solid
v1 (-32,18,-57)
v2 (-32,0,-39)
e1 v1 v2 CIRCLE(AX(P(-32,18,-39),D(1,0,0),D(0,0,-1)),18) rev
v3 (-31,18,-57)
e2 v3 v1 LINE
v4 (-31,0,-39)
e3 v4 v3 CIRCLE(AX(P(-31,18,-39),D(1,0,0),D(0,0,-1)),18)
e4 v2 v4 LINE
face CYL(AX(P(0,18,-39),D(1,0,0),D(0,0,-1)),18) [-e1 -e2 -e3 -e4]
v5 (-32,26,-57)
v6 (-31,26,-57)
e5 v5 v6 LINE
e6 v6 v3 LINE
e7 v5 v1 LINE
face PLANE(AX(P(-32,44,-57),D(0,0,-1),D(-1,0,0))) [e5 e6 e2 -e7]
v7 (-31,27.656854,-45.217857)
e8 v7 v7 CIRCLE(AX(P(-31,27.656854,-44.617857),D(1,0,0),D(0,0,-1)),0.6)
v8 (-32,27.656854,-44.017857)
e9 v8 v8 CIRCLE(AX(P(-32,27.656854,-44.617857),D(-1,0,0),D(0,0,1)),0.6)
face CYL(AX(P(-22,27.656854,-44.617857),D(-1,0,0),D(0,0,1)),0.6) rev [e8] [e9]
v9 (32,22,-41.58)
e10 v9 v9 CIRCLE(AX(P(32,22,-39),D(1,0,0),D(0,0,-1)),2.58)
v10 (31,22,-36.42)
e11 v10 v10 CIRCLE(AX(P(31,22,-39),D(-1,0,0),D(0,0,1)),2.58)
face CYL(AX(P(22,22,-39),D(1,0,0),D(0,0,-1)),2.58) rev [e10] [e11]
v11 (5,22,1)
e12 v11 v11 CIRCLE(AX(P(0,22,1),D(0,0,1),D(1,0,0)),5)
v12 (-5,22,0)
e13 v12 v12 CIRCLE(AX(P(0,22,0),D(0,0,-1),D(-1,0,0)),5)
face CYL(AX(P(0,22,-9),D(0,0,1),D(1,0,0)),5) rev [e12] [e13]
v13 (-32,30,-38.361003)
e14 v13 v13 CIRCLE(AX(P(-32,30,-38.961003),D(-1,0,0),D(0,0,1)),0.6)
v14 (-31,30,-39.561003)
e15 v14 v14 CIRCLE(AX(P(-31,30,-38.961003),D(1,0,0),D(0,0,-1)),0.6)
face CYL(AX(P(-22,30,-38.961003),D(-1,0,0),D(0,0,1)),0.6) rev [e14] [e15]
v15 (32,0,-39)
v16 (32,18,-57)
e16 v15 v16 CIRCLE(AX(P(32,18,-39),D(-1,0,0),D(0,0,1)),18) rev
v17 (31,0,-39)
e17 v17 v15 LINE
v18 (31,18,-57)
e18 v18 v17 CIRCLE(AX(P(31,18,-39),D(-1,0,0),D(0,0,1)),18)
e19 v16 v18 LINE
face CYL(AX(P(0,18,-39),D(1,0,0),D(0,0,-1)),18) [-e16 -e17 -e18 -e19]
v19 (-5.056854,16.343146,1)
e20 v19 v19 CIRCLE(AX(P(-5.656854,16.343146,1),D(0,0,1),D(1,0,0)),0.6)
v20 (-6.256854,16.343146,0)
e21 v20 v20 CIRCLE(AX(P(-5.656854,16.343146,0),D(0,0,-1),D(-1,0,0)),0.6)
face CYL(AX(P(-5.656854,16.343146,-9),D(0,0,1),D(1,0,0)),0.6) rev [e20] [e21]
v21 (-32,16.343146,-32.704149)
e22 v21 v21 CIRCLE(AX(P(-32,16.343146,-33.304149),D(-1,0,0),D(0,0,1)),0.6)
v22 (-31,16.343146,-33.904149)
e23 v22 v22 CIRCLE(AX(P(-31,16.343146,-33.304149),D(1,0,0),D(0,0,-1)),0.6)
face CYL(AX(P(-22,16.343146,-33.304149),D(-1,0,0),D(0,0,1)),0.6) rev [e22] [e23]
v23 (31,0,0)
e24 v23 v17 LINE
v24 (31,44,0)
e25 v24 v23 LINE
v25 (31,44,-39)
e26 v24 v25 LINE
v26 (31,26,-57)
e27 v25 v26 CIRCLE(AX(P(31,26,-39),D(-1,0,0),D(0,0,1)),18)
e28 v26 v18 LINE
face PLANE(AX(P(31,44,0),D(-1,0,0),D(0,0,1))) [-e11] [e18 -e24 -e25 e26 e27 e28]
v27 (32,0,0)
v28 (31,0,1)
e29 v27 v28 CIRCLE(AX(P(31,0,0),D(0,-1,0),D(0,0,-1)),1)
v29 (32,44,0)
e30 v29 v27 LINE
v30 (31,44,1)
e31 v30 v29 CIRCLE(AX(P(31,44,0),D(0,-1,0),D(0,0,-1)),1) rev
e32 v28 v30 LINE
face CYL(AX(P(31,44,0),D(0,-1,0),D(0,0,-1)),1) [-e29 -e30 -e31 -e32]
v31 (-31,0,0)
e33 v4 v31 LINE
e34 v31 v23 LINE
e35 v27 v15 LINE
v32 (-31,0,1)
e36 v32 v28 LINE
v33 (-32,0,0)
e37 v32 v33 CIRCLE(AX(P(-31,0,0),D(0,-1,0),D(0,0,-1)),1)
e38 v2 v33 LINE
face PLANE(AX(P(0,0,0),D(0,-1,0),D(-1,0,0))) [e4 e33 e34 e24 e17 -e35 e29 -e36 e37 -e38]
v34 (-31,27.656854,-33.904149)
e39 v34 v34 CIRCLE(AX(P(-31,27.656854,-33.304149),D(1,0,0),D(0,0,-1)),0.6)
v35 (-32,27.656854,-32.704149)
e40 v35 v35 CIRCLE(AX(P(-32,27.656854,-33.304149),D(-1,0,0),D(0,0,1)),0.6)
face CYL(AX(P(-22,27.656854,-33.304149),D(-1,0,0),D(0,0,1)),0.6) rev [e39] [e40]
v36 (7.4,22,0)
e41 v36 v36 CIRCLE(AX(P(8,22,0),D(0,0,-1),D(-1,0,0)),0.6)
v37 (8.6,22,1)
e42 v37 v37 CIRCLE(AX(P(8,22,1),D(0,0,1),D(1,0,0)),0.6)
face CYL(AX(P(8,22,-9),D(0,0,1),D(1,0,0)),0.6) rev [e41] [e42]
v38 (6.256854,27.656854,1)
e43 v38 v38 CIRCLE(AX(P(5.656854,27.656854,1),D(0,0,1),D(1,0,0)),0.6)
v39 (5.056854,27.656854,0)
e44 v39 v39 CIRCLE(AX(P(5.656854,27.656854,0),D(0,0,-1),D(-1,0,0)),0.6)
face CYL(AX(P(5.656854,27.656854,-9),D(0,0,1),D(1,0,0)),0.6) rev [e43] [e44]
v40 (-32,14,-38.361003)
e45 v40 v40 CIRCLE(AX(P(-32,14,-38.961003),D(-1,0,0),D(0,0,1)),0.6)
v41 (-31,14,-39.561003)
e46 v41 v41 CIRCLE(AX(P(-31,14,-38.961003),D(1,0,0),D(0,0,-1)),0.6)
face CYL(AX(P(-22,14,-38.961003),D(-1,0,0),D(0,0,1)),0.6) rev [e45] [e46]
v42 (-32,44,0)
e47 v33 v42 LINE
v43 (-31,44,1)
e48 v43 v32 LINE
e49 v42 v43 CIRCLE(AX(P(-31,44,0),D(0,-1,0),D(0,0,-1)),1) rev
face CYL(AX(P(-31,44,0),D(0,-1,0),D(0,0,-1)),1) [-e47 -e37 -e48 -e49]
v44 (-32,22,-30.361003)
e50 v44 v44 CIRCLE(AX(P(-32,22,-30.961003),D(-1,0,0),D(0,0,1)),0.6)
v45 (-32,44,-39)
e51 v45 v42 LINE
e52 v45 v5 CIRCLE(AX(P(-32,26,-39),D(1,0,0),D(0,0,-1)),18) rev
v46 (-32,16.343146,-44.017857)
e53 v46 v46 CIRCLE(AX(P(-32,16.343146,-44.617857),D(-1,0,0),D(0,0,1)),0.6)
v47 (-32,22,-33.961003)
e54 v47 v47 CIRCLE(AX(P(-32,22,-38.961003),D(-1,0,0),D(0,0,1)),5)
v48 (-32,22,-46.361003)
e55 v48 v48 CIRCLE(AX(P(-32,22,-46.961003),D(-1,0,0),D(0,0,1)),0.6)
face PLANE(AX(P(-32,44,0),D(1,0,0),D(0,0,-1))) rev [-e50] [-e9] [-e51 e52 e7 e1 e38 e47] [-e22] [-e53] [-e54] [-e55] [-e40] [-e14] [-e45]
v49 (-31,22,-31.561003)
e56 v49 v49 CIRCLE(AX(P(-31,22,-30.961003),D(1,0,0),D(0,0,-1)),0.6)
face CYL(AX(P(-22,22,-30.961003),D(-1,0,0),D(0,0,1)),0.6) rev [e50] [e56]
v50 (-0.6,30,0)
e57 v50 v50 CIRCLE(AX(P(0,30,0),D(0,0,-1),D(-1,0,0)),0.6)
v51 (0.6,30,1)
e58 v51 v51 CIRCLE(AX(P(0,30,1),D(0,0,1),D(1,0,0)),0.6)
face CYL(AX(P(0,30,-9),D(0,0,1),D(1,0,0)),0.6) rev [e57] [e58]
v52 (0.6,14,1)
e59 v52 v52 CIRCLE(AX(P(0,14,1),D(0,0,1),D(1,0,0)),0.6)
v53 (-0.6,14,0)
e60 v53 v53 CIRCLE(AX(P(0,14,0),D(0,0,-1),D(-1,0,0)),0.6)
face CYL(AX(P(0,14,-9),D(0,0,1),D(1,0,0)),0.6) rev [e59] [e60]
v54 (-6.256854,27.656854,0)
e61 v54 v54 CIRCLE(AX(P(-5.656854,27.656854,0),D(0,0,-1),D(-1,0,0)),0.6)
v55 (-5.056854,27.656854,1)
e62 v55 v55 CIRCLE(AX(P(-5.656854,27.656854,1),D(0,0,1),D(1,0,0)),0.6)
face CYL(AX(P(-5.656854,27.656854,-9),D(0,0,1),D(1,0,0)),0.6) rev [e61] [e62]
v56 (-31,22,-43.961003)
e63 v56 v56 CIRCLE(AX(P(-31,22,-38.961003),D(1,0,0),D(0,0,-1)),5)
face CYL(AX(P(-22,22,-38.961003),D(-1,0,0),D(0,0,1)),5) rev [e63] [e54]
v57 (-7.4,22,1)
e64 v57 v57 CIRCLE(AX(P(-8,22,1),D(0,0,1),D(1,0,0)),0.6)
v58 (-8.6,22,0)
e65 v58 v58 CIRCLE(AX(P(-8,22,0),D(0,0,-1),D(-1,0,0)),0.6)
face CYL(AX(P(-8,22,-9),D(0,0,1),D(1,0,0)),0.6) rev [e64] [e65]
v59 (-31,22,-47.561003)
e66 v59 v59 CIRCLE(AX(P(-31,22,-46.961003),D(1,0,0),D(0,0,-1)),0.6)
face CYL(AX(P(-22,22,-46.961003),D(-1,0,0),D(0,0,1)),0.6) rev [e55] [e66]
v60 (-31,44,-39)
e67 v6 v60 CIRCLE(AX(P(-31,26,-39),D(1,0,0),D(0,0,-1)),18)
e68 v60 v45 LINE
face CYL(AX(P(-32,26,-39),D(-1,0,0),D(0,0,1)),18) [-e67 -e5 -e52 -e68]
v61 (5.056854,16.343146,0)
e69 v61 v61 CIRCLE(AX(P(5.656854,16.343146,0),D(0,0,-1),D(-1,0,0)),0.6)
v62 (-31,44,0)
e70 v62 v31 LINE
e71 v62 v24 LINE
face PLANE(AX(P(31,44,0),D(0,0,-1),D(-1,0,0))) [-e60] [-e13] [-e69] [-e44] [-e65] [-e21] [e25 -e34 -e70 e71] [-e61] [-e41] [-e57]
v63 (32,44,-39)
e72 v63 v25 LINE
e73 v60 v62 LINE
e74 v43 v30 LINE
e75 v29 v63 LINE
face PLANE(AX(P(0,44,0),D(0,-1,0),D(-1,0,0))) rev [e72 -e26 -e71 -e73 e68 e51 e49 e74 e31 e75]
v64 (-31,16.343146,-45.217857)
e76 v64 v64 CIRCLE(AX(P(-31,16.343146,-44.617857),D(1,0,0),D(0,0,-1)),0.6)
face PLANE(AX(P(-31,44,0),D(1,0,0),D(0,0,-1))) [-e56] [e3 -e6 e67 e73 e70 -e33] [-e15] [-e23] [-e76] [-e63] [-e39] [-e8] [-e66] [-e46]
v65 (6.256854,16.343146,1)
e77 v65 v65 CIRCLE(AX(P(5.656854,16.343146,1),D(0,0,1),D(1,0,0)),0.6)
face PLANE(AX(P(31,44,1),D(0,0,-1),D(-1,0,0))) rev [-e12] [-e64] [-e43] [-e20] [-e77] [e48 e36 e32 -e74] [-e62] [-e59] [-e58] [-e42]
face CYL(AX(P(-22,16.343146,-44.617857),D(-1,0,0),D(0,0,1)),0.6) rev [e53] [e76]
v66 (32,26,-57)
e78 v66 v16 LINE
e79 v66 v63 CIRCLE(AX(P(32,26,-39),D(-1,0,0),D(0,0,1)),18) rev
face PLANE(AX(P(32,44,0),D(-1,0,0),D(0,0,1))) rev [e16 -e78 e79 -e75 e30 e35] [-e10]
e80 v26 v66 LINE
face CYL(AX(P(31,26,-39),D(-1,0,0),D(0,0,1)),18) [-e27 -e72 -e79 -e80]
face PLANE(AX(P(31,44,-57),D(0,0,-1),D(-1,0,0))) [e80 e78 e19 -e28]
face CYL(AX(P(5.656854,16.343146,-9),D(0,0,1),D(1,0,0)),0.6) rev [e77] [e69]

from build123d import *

# Parameters (mm, degrees)
EXTRUDE_THIN1_DEPTH = 44
SKETCH2_R           = 2.58
CUT_EXTRUDE1_DEPTH  = 10
FILLET1_R           = 18
FILLET2_R           = 18
FILLET3_R           = 18
FILLET4_R           = 18
FILLET5_R           = 1
FILLET6_R           = 1
SKETCH11_R          = 5
SKETCH11_R_2        = 0.6
CUT_EXTRUDE2_DEPTH  = 10
SKETCH12_R          = 5
SKETCH12_R_2        = 0.6
CUT_EXTRUDE3_DEPTH  = 10


with BuildPart() as part:
    # Sketch1 → Extrude-Thin1 (new body)
    with BuildSketch(Plane(origin=(0, 0, 0), x_dir=(1, 0, 0), z_dir=(0, 1, 0))):
        Polygon((31, 57), (31, 0), (-31, 0), (-31, 57), (-32, 57), (-32, -1), (32, -1), (32, 57), align=None)
    extrude(amount=EXTRUDE_THIN1_DEPTH)

    # Sketch2 → Cut-Extrude1 (cut)
    with BuildSketch(Plane(origin=(32, 0, 0), x_dir=(0, 0, -1), z_dir=(1, 0, 0))):
        with Locations((39, 22)):
            Circle(SKETCH2_R)
    extrude(amount=-CUT_EXTRUDE1_DEPTH, mode=Mode.SUBTRACT)

    # Fillet1
    fillet1_edges = [part.edges().sort_by_distance(p)[0] for p in [
        (31.5, 0, -57),
    ]]
    fillet(fillet1_edges, radius=FILLET1_R)

    # Fillet2
    fillet2_edges = [part.edges().sort_by_distance(p)[0] for p in [
        (31.5, 44, -57),
    ]]
    fillet(fillet2_edges, radius=FILLET2_R)

    # Fillet3
    fillet3_edges = [part.edges().sort_by_distance(p)[0] for p in [
        (-31.5, 44, -57),
    ]]
    fillet(fillet3_edges, radius=FILLET3_R)

    # Fillet4
    fillet4_edges = [part.edges().sort_by_distance(p)[0] for p in [
        (-31.5, 0, -57),
    ]]
    fillet(fillet4_edges, radius=FILLET4_R)

    # Fillet5
    fillet5_edges = [part.edges().sort_by_distance(p)[0] for p in [
        (-32, 22, 1),
    ]]
    fillet(fillet5_edges, radius=FILLET5_R)

    # Fillet6
    fillet6_edges = [part.edges().sort_by_distance(p)[0] for p in [
        (32, 22, 1),
    ]]
    fillet(fillet6_edges, radius=FILLET6_R)

    # Sketch11 → Cut-Extrude2 (cut)
    with BuildSketch(Plane.ZY.offset(32)):
        with Locations((-38.961003009, 22)):
            Circle(SKETCH11_R)
        with Locations((-38.961003009, 30)):
            Circle(SKETCH11_R_2)
        with Locations((-30.961003009, 22)):
            Circle(SKETCH11_R_2)
        with Locations((-38.961003009, 14)):
            Circle(SKETCH11_R_2)
        with Locations((-46.961003009, 22)):
            Circle(SKETCH11_R_2)
        with Locations((-44.617857259, 27.656854249)):
            Circle(SKETCH11_R_2)
        with Locations((-33.30414876, 27.656854249)):
            Circle(SKETCH11_R_2)
        with Locations((-33.30414876, 16.343145751)):
            Circle(SKETCH11_R_2)
        with Locations((-44.617857259, 16.343145751)):
            Circle(SKETCH11_R_2)
    extrude(amount=-CUT_EXTRUDE2_DEPTH, mode=Mode.SUBTRACT)

    # Sketch12 → Cut-Extrude3 (cut)
    with BuildSketch(Plane.XY.offset(1)):
        with Locations((0, 22)):
            Circle(SKETCH12_R)
        with Locations((0, 30)):
            Circle(SKETCH12_R_2)
        with Locations((5.656854249, 27.656854249)):
            Circle(SKETCH12_R_2)
        with Locations((8, 22)):
            Circle(SKETCH12_R_2)
        with Locations((5.656854249, 16.343145751)):
            Circle(SKETCH12_R_2)
        with Locations((0, 14)):
            Circle(SKETCH12_R_2)
        with Locations((-5.656854249, 16.343145751)):
            Circle(SKETCH12_R_2)
        with Locations((-8, 22)):
            Circle(SKETCH12_R_2)
        with Locations((-5.656854249, 27.656854249)):
            Circle(SKETCH12_R_2)
    extrude(amount=-CUT_EXTRUDE3_DEPTH, mode=Mode.SUBTRACT)


solid = part.part
